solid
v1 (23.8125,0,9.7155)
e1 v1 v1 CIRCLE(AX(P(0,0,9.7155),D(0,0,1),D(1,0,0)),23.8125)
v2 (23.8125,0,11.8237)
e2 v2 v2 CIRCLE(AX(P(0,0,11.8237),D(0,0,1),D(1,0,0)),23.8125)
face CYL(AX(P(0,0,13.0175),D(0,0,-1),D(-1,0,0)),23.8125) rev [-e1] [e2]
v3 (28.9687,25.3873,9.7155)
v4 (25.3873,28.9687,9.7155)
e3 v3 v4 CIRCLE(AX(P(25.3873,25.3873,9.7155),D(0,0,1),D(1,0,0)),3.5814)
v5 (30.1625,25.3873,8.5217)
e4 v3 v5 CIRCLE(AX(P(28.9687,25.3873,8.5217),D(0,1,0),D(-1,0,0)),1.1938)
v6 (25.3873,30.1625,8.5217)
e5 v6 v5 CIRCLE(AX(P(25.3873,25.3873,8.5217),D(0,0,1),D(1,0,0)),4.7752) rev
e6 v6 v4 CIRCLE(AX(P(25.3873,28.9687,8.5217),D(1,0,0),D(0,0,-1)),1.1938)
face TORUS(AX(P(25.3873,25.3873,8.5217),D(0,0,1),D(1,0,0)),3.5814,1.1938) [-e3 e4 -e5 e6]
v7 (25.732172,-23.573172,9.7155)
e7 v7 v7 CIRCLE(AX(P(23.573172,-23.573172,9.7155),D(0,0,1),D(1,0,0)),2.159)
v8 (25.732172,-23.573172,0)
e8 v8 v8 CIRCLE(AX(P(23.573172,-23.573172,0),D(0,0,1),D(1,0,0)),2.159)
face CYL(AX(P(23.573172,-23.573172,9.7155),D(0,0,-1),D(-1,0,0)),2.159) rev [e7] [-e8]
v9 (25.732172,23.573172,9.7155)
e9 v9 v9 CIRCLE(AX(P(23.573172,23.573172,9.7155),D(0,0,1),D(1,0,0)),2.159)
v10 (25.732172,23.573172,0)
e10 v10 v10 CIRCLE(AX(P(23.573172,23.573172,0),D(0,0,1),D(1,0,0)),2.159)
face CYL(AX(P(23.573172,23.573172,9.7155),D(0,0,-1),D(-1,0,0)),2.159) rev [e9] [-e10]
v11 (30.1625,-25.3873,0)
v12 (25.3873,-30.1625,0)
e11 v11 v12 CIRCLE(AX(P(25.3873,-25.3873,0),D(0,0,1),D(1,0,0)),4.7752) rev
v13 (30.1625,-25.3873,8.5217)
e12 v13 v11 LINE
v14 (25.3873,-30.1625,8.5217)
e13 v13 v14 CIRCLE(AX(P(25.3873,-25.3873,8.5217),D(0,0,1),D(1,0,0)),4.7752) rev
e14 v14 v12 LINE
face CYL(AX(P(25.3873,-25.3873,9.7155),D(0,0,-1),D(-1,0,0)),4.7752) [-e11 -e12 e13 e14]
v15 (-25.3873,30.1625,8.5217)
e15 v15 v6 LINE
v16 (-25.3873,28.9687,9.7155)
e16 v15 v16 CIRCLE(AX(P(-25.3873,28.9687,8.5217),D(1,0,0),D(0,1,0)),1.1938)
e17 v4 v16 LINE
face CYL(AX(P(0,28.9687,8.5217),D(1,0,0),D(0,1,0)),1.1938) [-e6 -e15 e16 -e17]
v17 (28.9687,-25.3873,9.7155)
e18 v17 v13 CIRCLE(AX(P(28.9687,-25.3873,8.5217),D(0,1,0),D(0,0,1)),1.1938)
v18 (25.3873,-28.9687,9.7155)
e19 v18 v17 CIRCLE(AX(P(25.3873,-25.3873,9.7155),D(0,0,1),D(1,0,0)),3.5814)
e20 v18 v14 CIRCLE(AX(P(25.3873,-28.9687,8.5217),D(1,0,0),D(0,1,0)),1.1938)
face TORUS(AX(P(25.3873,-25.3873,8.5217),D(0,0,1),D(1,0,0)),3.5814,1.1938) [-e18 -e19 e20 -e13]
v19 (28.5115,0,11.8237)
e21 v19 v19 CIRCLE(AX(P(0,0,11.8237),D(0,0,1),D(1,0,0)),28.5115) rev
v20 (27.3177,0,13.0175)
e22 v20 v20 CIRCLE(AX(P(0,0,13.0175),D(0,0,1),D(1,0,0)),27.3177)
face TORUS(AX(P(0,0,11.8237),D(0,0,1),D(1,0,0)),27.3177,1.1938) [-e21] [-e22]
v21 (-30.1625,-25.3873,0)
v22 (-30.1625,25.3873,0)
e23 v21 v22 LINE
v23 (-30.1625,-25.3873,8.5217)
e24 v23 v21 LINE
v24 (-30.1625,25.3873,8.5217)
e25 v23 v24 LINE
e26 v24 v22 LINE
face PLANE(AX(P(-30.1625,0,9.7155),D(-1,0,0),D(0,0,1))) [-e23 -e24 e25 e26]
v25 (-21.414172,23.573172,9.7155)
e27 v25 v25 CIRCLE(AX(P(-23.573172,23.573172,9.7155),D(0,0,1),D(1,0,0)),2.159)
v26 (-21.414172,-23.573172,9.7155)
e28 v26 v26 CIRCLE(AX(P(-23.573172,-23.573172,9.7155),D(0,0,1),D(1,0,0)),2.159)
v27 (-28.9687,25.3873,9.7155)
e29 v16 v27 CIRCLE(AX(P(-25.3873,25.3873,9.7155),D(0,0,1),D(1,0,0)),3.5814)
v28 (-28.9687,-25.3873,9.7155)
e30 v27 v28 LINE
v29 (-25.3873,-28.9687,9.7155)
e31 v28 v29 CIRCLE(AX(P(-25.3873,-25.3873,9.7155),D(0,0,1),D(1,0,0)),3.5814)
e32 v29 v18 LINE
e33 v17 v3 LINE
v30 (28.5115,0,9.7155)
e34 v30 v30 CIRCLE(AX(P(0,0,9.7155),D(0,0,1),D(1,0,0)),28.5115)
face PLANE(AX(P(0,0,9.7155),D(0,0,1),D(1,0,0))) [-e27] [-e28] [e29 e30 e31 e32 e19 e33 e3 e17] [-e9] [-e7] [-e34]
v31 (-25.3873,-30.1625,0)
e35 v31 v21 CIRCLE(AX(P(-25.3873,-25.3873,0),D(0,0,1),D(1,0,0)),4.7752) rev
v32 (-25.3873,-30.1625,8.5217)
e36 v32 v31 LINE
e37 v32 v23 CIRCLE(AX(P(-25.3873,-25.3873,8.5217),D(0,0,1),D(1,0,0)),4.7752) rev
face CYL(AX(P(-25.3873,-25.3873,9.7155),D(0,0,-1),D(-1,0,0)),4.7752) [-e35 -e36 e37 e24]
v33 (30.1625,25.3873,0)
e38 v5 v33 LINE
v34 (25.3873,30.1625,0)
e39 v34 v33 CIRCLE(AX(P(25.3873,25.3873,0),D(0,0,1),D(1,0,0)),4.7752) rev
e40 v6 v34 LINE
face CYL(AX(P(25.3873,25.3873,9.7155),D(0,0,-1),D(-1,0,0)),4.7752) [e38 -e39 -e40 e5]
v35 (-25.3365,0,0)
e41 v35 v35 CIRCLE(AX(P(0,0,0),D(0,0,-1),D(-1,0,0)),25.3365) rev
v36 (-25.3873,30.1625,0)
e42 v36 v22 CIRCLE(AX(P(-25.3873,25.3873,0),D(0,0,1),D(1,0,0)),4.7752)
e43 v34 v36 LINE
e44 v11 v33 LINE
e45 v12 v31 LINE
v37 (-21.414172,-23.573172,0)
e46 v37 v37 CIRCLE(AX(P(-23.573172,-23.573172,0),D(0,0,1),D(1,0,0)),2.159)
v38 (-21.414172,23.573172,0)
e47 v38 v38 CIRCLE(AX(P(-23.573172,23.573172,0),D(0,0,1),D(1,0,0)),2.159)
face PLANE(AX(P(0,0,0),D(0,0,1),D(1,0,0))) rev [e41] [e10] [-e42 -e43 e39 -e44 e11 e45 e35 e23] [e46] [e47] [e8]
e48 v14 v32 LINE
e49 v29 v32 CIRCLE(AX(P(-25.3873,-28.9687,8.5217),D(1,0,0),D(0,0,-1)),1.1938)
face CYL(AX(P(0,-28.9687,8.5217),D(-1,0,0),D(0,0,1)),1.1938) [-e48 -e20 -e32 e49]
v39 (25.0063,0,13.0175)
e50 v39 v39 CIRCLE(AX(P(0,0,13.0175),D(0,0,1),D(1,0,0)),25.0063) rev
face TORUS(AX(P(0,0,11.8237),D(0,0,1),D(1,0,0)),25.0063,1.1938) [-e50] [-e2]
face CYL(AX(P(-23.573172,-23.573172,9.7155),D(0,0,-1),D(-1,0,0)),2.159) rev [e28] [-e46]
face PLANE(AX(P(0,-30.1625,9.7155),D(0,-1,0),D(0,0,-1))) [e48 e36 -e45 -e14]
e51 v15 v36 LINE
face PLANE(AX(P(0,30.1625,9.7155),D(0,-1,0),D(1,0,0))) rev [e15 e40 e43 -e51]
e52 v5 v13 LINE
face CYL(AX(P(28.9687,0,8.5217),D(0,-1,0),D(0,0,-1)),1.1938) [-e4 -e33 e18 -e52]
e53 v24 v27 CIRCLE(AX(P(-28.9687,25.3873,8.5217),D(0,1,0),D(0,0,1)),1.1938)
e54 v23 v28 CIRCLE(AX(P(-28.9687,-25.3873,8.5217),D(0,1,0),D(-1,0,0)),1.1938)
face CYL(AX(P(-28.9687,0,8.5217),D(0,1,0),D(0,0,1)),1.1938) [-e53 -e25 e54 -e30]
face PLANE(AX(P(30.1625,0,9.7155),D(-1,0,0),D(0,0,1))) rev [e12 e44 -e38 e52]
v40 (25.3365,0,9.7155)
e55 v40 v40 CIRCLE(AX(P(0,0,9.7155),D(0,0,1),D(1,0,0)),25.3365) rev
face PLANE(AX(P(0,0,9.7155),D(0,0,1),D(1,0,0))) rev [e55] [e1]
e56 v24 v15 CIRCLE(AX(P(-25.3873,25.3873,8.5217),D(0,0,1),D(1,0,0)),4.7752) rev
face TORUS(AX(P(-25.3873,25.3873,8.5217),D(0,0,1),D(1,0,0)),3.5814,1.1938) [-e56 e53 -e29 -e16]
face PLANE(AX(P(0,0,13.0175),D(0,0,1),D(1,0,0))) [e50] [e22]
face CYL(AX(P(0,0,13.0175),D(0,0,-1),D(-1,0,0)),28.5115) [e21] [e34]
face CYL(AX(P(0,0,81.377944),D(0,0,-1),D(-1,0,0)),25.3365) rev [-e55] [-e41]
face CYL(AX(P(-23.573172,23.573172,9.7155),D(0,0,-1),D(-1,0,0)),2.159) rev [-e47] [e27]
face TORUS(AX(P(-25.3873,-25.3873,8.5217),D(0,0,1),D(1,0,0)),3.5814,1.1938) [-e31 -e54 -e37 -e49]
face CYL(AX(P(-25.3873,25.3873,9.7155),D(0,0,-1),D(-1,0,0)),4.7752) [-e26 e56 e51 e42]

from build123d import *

# Parameters (mm, degrees)
SKETCH1_R               = 2.159
SKETCH1_R_2             = 28.5115
BOSS_EXTRUDE1_DEPTH     = 9.7155
SKETCH1_3_R             = 28.5115
SKETCH1_3_R_2           = 23.8125
EXTENDED_BEZEL_DEPTH    = 13.0175
SKETCH1_5_R             = 28.5115
SKETCH1_5_R_2           = 23.8125
BOSS_EXTRUDE4_DEPTH     = 6.35
SKETCH2_R               = 25.3365
CUT_EXTRUDE1_DEPTH      = 7.35
CUT_EXTRUDE1_DEPTH_BACK = 9.7155
FILLET1_R               = 1.1938
SKETCH3_R               = 28.5115
CUT_EXTRUDE2_DEPTH      = 7.35


with BuildPart() as part:
    # Sketch1 → Boss-Extrude1 (new body)
    with BuildSketch(Plane.XY):
        with BuildLine():
            ThreePointArc((-24.49722379, -28.024879905), (-26.788104009, -26.788104009), (-28.024879905, -24.49722379))
            Line((-28.024879905, -24.49722379), (-30.1625, -14.199031657))
            Line((-30.1625, -14.199031657), (-30.1625, 14.199031657))
            Line((-30.1625, 14.199031657), (-28.024879905, 24.49722379))
            ThreePointArc((-28.024879905, 24.49722379), (-26.788104009, 26.788104009), (-24.49722379, 28.024879905))
            Line((-24.49722379, 28.024879905), (-14.199031657, 30.1625))
            Line((-14.199031657, 30.1625), (14.199031657, 30.1625))
            Line((14.199031657, 30.1625), (24.441349319, 28.268787691))
            ThreePointArc((24.441349319, 28.268787691), (26.949748619, 26.949748619), (28.268787691, 24.441349319))
            Line((28.268787691, 24.441349319), (30.1625, 14.199031657))
            Line((30.1625, 14.199031657), (30.1625, -14.199031657))
            Line((30.1625, -14.199031657), (28.024879905, -24.49722379))
            ThreePointArc((28.024879905, -24.49722379), (26.788104009, -26.788104009), (24.49722379, -28.024879905))
            Line((24.49722379, -28.024879905), (14.199031657, -30.1625))
            Line((14.199031657, -30.1625), (-14.199031657, -30.1625))
            Line((-14.199031657, -30.1625), (-24.49722379, -28.024879905))
        make_face()
        with Locations((-23.573172318, -23.573172318)):
            Circle(SKETCH1_R, mode=Mode.SUBTRACT)
        with Locations((23.573172318, -23.573172318)):
            Circle(SKETCH1_R, mode=Mode.SUBTRACT)
        with Locations((23.573172318, 23.573172318)):
            Circle(SKETCH1_R, mode=Mode.SUBTRACT)
        with Locations((-23.573172318, 23.573172318)):
            Circle(SKETCH1_R, mode=Mode.SUBTRACT)
        Circle(SKETCH1_R_2, mode=Mode.SUBTRACT)
        with BuildLine():
            Line((28.268787691, 24.441349319), (30.1625, 14.199031657))
            Line((30.1625, 14.199031657), (30.1625, 25.3873))
            ThreePointArc((30.1625, 25.3873), (28.763876302, 28.763876302), (25.3873, 30.1625))
            Line((25.3873, 30.1625), (14.199031657, 30.1625))
            Line((14.199031657, 30.1625), (24.441349319, 28.268787691))
            ThreePointArc((24.441349319, 28.268787691), (26.949748619, 26.949748619), (28.268787691, 24.441349319))
        make_face()
        with BuildLine():
            Line((-30.1625, 25.3873), (-30.1625, 14.199031657))
            Line((-30.1625, 14.199031657), (-28.024879905, 24.49722379))
            ThreePointArc((-28.024879905, 24.49722379), (-26.788104009, 26.788104009), (-24.49722379, 28.024879905))
            Line((-24.49722379, 28.024879905), (-14.199031657, 30.1625))
            Line((-14.199031657, 30.1625), (-25.3873, 30.1625))
            ThreePointArc((-25.3873, 30.1625), (-28.763876302, 28.763876302), (-30.1625, 25.3873))
        make_face()
        with BuildLine():
            Line((-25.3873, -30.1625), (-14.199031657, -30.1625))
            Line((-14.199031657, -30.1625), (-24.49722379, -28.024879905))
            ThreePointArc((-24.49722379, -28.024879905), (-26.788104009, -26.788104009), (-28.024879905, -24.49722379))
            Line((-28.024879905, -24.49722379), (-30.1625, -14.199031657))
            Line((-30.1625, -14.199031657), (-30.1625, -25.3873))
            ThreePointArc((-30.1625, -25.3873), (-28.763876302, -28.763876302), (-25.3873, -30.1625))
        make_face()
        with BuildLine():
            Line((24.49722379, -28.024879905), (14.199031657, -30.1625))
            Line((14.199031657, -30.1625), (25.3873, -30.1625))
            ThreePointArc((25.3873, -30.1625), (28.763876302, -28.763876302), (30.1625, -25.3873))
            Line((30.1625, -25.3873), (30.1625, -14.199031657))
            Line((30.1625, -14.199031657), (28.024879905, -24.49722379))
            ThreePointArc((28.024879905, -24.49722379), (26.788104009, -26.788104009), (24.49722379, -28.024879905))
        make_face()
    extrude(amount=BOSS_EXTRUDE1_DEPTH)

    # Sketch1_3 → Extended Bezel (add)
    with BuildSketch(Plane.XY):
        Circle(SKETCH1_3_R)
        Circle(SKETCH1_3_R_2, mode=Mode.SUBTRACT)
    extrude(amount=EXTENDED_BEZEL_DEPTH)

    # Sketch1_5 → Boss-Extrude4 (add)
    with BuildSketch(Plane.XY):
        Circle(SKETCH1_5_R)
        Circle(SKETCH1_5_R_2, mode=Mode.SUBTRACT)
    extrude(amount=-BOSS_EXTRUDE4_DEPTH)

    # Sketch2 → Cut-Extrude1 (cut, two sides)
    with BuildSketch(Plane(origin=(0, 0, 0), x_dir=(-1, 0, 0), z_dir=(0, 0, -1))) as cut_extrude1_sk:
        Circle(SKETCH2_R)
    extrude(amount=CUT_EXTRUDE1_DEPTH, mode=Mode.SUBTRACT)
    extrude(cut_extrude1_sk.sketch, amount=-CUT_EXTRUDE1_DEPTH_BACK, mode=Mode.SUBTRACT)

    # Fillet1
    fillet1_edges = [part.edges().sort_by_distance(p)[0] for p in [
        (28.763876302, -28.763876302, 9.7155),
        (30.1625, 0, 9.7155),
        (28.763876302, 28.763876302, 9.7155),
        (0, 30.1625, 9.7155),
        (-28.763876302, 28.763876302, 9.7155),
        (-30.1625, 0, 9.7155),
        (-23.8125, 0, 13.0175),
        (-28.5115, 0, 13.0175),
        (-28.763876302, -28.763876302, 9.7155),
        (0, -30.1625, 9.7155),
    ]]
    fillet(fillet1_edges, radius=FILLET1_R)

    # Sketch3 → Cut-Extrude2 (cut, through all)
    with BuildSketch(Plane(origin=(0, 0, 0), x_dir=(-1, 0, 0), z_dir=(0, 0, -1))):
        Circle(SKETCH3_R)
    extrude(amount=CUT_EXTRUDE2_DEPTH, mode=Mode.SUBTRACT)


solid = part.part
